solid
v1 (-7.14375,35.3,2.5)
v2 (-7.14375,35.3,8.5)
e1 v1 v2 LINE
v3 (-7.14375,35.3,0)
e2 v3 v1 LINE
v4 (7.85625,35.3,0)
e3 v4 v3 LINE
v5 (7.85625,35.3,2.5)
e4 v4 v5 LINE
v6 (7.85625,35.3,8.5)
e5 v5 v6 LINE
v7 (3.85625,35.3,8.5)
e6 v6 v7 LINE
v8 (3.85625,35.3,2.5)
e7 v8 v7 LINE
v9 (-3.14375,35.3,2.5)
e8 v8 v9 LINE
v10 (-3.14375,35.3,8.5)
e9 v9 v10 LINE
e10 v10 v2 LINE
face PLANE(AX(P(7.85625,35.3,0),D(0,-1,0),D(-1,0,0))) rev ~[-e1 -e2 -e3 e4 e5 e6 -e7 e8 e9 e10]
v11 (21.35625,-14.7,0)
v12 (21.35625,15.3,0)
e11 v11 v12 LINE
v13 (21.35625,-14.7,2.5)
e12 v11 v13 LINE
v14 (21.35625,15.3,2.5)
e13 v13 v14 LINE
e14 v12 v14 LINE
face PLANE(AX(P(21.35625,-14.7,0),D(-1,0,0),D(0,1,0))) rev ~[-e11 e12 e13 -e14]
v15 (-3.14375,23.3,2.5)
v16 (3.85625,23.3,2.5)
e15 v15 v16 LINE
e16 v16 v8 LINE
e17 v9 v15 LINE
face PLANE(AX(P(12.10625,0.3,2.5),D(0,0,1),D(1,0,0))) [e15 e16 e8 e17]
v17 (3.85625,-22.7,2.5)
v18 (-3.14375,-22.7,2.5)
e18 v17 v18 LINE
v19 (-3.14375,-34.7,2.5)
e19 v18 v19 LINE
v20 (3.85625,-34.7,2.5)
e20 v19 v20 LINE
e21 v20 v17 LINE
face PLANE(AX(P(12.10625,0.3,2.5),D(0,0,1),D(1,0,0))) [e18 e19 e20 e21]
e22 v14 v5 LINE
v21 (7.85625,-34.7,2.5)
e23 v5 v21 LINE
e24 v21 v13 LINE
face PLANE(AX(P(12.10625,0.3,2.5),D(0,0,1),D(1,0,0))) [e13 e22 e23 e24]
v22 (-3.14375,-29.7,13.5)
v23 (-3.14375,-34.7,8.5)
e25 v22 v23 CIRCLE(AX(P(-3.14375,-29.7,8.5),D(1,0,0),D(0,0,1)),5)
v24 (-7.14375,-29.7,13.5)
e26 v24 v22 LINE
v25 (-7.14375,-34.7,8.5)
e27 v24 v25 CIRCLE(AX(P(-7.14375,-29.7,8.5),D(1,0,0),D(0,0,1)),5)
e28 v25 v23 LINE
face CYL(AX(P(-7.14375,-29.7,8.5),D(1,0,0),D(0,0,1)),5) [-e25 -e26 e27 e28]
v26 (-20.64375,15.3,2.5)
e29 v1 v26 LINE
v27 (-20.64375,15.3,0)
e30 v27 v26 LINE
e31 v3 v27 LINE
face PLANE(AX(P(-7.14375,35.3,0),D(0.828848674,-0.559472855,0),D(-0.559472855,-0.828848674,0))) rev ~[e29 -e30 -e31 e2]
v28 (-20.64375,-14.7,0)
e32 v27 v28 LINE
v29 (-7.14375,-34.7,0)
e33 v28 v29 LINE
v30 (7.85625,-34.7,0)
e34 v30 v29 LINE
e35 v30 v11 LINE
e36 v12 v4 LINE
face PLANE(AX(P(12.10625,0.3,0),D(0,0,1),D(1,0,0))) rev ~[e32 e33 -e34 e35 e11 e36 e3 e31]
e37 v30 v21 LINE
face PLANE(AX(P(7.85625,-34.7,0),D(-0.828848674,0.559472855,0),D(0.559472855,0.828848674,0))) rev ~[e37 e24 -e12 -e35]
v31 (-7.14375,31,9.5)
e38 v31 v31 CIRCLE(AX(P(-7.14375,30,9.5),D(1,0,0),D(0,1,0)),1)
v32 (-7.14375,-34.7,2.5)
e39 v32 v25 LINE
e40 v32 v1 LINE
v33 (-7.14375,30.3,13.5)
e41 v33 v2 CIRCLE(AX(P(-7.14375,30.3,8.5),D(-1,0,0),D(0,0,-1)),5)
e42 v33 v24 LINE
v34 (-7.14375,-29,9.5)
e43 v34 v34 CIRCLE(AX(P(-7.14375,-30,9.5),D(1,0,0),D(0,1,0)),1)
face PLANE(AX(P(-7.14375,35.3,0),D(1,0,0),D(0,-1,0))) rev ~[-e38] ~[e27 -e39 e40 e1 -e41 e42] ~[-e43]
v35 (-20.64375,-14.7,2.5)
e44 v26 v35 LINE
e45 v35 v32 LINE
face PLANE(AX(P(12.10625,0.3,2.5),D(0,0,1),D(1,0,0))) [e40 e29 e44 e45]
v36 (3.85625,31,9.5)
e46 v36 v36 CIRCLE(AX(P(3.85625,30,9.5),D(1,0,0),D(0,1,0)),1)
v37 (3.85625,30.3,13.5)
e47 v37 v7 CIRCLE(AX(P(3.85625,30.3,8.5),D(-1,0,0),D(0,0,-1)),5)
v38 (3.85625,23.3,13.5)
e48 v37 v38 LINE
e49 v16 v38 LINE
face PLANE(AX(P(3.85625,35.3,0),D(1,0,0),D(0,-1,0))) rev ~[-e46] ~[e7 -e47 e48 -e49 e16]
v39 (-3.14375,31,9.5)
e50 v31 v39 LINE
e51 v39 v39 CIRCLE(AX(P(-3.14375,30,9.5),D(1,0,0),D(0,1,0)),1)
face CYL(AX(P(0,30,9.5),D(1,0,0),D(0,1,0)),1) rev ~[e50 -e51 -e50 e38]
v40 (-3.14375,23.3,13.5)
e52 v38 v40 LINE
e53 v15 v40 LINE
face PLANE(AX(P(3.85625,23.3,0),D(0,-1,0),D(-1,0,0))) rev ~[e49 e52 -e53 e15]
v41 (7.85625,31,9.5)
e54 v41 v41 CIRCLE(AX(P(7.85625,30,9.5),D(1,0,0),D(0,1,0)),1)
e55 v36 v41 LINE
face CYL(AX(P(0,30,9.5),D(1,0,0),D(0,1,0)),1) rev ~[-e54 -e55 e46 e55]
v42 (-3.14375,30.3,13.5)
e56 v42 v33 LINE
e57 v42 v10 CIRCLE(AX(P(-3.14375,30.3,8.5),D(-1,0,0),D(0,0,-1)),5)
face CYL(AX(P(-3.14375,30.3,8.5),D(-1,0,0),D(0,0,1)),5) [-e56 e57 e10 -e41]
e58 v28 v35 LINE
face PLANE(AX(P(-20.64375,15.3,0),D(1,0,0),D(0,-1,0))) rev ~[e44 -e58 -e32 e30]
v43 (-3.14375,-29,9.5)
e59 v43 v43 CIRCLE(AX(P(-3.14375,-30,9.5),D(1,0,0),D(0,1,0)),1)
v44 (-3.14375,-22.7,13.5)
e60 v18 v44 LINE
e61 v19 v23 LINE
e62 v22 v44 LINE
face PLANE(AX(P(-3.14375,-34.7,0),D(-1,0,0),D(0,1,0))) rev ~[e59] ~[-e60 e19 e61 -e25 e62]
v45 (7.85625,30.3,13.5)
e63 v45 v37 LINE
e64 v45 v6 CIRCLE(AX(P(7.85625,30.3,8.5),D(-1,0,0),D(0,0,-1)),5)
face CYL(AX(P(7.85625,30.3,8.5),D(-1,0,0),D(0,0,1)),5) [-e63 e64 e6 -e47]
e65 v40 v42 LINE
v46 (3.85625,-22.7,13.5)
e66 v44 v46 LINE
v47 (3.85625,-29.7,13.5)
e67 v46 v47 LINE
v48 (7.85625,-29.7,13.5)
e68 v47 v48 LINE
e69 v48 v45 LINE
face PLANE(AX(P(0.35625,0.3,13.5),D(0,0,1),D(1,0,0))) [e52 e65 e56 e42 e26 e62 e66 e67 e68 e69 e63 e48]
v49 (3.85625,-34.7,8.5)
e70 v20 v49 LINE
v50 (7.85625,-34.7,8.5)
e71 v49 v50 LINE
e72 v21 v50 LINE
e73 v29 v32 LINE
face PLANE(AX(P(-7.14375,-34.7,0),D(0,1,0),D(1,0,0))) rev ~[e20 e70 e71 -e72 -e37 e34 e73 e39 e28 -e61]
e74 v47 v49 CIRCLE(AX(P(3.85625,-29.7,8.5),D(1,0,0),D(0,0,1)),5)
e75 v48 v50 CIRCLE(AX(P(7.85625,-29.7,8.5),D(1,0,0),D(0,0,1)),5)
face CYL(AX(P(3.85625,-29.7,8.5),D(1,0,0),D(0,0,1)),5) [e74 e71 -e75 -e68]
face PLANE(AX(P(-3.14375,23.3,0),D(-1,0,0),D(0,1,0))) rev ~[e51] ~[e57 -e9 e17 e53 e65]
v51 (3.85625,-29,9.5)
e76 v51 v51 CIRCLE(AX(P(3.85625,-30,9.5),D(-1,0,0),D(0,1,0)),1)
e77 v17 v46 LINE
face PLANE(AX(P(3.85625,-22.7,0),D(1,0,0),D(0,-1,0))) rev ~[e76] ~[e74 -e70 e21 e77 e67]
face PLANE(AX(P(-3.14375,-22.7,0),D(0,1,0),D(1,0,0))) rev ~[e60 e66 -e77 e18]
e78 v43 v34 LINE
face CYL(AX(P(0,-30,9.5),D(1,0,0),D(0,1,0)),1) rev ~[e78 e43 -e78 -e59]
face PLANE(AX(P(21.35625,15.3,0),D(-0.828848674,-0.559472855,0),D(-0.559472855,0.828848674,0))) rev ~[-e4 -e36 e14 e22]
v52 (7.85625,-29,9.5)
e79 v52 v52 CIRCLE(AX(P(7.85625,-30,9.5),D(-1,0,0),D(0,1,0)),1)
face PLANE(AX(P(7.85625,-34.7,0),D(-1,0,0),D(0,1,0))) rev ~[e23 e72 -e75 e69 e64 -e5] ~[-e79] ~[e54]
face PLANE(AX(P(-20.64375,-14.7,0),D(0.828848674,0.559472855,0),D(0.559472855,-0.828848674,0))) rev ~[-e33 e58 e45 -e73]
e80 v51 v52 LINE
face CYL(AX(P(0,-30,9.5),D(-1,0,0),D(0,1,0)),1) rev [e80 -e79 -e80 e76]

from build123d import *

# Parameters (mm, degrees)
F0_W     = 8.5
F0_H     = 24
F0_W_2   = 7
F0_H_2   = 12
F0_W_3   = 5
F1_DEPTH = 2.5
F2_DEPTH = 13.5
F3_R     = 1
F4_DEPTH = 12.5
F5_R     = 5
F6_R     = 5


with BuildPart() as f1:
    # F0 (on Top) → F1 (new body)
    with BuildSketch(Plane.XY):
        with Locations((12.10625, 0.3)):
            Rectangle(F0_W, F0_H)
        Polygon((-3.14375, 35.3), (-7.14375, 35.3), (-7.14375, 15.3), (-7.14375, 12.3), (-7.14375, -11.7), (-7.14375, -14.7), (-7.14375, -34.7), (-3.14375, -34.7), (-3.14375, -22.7), (3.85625, -22.7), (3.85625, -34.7), (7.85625, -34.7), (7.85625, -14.7), (7.85625, -11.7), (7.85625, 12.3), (7.85625, 15.3), (7.85625, 35.3), (3.85625, 35.3), (3.85625, 23.3), (-3.14375, 23.3), align=None)
        with Locations((0.35625, 29.3)):
            Rectangle(F0_W_2, F0_H_2)
        with Locations((0.35625, -28.7)):
            Rectangle(F0_W_2, F0_H_2)
        Polygon((-7.14375, 15.3), (-7.14375, 35.3), (-20.64375, 15.3), align=None)
        Polygon((21.35625, 15.3), (7.85625, 35.3), (7.85625, 15.3), align=None)
        Polygon((-7.14375, -34.7), (-7.14375, -14.7), (-20.64375, -14.7), align=None)
        Polygon((21.35625, -14.7), (7.85625, -14.7), (7.85625, -34.7), align=None)
        with Locations((-18.14375, 0.3)):
            Rectangle(F0_W_3, F0_H)
        with Locations((18.85625, 0.3)):
            Rectangle(F0_W_3, F0_H)
        Polygon((-7.14375, 12.3), (-7.14375, 15.3), (-20.64375, 15.3), (-20.64375, 12.3), (-15.64375, 12.3), align=None)
        Polygon((-7.14375, -14.7), (-7.14375, -11.7), (-15.64375, -11.7), (-20.64375, -11.7), (-20.64375, -14.7), align=None)
        Polygon((21.35625, 15.3), (7.85625, 15.3), (7.85625, 12.3), (16.35625, 12.3), (21.35625, 12.3), align=None)
        Polygon((16.35625, -11.7), (7.85625, -11.7), (7.85625, -14.7), (21.35625, -14.7), (21.35625, -11.7), align=None)
        with Locations((-11.39375, 0.3)):
            Rectangle(F0_W, F0_H)
    extrude(amount=F1_DEPTH)

    # F0 (on Top) → F2 (join)
    with BuildSketch(Plane.XY):
        Polygon((-3.14375, 35.3), (-7.14375, 35.3), (-7.14375, 15.3), (-7.14375, 12.3), (-7.14375, -11.7), (-7.14375, -14.7), (-7.14375, -34.7), (-3.14375, -34.7), (-3.14375, -22.7), (3.85625, -22.7), (3.85625, -34.7), (7.85625, -34.7), (7.85625, -14.7), (7.85625, -11.7), (7.85625, 12.3), (7.85625, 15.3), (7.85625, 35.3), (3.85625, 35.3), (3.85625, 23.3), (-3.14375, 23.3), align=None)
    extrude(amount=F2_DEPTH)

    # F3 (on Right) → F4 (cut, symmetric)
    with BuildSketch(Plane.YZ):
        with Locations((-30, 9.5)):
            Circle(F3_R)
        with Locations((30, 9.5)):
            Circle(F3_R)
    extrude(amount=F4_DEPTH, both=True, mode=Mode.SUBTRACT)

    # F5
    f5_edges = [f1.edges().sort_by_distance(p)[0] for p in [
        (-5.14375, -34.7, 13.5),
        (5.85625, -34.7, 13.5),
    ]]
    fillet(f5_edges, radius=F5_R)

    # F6
    f6_edges = [f1.edges().sort_by_distance(p)[0] for p in [
        (5.85625, 35.3, 13.5),
        (-5.14375, 35.3, 13.5),
    ]]
    fillet(f6_edges, radius=F6_R)


solid = f1.part
